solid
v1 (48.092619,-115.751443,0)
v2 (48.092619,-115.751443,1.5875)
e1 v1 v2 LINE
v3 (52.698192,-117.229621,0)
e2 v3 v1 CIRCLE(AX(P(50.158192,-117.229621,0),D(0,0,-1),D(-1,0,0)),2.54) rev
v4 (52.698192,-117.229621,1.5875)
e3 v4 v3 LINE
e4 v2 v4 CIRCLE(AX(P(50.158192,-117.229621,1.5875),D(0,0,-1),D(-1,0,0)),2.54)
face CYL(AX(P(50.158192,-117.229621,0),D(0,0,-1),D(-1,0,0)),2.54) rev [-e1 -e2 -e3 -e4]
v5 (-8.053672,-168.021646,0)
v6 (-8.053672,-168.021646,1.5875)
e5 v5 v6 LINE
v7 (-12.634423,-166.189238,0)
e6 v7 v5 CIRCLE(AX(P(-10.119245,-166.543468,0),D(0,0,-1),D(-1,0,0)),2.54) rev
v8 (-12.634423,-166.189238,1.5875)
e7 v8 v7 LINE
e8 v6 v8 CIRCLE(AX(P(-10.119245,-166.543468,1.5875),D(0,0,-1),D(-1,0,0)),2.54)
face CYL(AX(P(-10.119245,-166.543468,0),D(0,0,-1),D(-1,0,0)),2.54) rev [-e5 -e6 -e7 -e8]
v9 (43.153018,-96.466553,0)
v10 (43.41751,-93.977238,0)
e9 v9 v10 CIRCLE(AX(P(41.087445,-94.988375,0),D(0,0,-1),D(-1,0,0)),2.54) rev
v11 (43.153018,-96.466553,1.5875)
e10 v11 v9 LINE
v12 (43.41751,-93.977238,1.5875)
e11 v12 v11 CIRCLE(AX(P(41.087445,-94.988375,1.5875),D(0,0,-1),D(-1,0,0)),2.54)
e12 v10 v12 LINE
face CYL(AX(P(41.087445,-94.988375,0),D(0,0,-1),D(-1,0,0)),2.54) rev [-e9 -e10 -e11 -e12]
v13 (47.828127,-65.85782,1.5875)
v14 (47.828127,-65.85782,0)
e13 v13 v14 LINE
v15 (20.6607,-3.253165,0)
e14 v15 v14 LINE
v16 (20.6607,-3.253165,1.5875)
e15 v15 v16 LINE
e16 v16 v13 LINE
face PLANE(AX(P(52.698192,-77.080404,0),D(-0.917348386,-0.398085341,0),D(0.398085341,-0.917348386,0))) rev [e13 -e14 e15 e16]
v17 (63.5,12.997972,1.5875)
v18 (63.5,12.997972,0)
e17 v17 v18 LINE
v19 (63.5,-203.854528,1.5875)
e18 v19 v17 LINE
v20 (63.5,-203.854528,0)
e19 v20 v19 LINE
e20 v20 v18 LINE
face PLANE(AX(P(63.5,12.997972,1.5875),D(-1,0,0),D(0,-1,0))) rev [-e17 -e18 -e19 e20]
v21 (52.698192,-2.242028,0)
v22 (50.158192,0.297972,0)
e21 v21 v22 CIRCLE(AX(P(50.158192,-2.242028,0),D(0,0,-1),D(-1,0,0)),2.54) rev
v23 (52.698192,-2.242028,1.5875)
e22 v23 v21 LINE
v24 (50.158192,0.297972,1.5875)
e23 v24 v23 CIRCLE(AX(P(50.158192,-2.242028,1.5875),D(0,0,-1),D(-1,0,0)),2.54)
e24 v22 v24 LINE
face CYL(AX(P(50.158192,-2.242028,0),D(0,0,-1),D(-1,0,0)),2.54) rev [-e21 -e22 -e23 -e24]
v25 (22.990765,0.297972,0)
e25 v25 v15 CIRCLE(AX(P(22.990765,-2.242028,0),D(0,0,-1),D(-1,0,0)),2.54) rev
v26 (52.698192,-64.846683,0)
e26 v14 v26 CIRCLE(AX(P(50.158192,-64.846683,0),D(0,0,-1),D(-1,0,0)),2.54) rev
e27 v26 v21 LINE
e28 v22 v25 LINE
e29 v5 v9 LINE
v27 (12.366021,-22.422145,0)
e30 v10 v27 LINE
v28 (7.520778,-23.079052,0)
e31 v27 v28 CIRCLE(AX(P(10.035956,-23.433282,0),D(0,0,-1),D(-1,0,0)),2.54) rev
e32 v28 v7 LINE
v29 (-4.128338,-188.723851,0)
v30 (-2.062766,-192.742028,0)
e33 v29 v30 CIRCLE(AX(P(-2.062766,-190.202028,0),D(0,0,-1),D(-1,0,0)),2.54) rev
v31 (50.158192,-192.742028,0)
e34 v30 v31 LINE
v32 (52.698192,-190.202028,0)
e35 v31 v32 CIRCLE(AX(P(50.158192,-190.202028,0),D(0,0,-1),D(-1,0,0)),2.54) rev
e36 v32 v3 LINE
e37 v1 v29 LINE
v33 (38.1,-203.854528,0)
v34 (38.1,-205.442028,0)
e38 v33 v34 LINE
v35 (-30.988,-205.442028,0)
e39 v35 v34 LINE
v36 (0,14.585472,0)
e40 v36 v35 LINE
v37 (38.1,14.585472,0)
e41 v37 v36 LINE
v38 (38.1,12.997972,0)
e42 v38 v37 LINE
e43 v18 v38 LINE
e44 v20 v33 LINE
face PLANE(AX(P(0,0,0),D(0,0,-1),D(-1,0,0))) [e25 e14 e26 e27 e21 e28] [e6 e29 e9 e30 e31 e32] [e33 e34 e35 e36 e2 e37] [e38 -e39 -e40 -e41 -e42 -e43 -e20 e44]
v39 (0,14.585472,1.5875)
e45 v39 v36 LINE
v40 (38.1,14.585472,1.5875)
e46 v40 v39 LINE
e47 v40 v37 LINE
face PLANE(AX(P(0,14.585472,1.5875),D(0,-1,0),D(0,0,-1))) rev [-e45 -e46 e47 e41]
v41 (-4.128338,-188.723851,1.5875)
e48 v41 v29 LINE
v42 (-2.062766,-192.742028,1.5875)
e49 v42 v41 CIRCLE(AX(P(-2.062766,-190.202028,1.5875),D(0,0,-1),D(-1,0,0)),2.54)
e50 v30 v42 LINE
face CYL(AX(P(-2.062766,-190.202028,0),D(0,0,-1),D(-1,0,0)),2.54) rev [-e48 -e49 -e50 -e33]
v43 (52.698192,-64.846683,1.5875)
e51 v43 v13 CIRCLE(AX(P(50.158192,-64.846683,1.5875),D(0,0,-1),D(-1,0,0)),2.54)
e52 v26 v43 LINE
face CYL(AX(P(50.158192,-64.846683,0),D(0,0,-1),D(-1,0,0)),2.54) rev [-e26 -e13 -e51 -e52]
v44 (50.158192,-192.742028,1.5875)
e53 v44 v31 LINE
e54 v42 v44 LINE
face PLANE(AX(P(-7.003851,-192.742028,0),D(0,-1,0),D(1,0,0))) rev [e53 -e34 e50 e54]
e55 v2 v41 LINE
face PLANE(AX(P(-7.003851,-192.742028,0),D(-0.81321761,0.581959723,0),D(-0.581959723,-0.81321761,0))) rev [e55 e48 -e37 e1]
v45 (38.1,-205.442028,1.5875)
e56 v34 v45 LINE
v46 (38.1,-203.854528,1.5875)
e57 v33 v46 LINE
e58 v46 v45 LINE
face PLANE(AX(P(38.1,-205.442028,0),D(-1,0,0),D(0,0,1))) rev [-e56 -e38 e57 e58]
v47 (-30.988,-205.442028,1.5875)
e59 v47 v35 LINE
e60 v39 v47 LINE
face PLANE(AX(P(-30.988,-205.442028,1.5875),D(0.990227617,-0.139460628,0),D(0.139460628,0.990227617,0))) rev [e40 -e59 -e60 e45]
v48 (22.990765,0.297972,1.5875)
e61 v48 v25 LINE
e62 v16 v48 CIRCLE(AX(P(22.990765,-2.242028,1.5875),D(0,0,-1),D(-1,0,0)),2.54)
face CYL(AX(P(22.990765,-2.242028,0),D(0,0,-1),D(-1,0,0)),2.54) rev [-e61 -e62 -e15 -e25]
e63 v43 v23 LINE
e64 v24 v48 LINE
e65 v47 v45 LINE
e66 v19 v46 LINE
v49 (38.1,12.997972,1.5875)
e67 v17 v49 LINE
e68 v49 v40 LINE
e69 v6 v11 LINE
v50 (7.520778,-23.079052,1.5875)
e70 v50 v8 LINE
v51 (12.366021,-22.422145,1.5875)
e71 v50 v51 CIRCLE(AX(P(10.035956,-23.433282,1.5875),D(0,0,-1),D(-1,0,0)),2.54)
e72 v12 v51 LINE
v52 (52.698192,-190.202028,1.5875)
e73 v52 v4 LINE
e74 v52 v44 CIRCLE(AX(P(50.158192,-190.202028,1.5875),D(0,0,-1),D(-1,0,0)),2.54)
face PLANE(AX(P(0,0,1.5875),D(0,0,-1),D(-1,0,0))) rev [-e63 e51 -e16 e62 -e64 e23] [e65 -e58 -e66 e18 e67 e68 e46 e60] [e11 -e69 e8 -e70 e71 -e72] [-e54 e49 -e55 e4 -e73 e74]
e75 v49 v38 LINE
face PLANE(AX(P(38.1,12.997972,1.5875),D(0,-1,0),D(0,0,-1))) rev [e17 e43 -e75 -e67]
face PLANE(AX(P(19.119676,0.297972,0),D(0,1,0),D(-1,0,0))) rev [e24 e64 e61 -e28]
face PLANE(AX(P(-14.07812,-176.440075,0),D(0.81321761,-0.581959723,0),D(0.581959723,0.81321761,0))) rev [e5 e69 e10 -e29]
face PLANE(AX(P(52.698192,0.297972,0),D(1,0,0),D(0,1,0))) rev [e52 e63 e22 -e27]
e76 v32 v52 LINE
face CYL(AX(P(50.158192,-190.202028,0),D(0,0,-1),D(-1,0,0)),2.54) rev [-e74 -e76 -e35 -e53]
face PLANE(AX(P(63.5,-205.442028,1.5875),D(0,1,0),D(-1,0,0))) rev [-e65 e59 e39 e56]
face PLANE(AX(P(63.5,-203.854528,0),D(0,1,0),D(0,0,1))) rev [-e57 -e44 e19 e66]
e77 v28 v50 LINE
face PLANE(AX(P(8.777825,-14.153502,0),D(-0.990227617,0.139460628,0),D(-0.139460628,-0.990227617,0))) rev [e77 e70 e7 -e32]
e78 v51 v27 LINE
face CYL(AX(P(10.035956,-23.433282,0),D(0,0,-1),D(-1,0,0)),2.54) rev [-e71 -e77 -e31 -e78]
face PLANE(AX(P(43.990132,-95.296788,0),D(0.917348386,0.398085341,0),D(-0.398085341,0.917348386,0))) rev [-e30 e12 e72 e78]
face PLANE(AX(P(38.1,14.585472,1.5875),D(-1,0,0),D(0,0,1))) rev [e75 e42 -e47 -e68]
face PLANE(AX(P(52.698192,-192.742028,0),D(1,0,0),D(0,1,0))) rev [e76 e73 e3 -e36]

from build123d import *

# Parameters (mm, degrees)
BOSS_EXTRUDE2_DEPTH = 1.5875
CUT_EXTRUDE4_DEPTH  = 216.037664516
FILLET4_R           = 2.54
SKETCH8_W           = 25.4
SKETCH8_H           = 1.5875
CUT_EXTRUDE5_DEPTH  = 216.037664516


with BuildPart() as part:
    # Sketch6 → Boss-Extrude2 (new body)
    with BuildSketch(Plane.XY):
        Polygon((63.5, 12.997971671), (63.5, -205.442028329), (-30.988, -205.442028329), (0, 14.585471671), (38.1, 14.585471671), (38.1, 12.997971671), align=None)
    extrude(amount=BOSS_EXTRUDE2_DEPTH)

    # Sketch7 → Cut-Extrude4 (cut, through all)
    with BuildSketch(Plane.XY.offset(1.5875)):
        Polygon((-14.078119511, -176.440074821), (43.990131885, -95.296788202), (8.777825003, -14.153501583), align=None)
        Polygon((-7.003851095, -192.742028329), (52.698191605, -109.315717977), (52.698191605, -192.742028329), align=None)
        Polygon((52.698191605, -77.080404102), (19.119676028, 0.297971671), (52.698191605, 0.297971671), align=None)
    extrude(amount=-CUT_EXTRUDE4_DEPTH, mode=Mode.SUBTRACT)

    # Fillet4
    fillet4_edges = [part.edges().sort_by_distance(p)[0] for p in [
        (52.698191605, -109.315717977, 0.79375),
        (52.698191605, -192.742028329, 0.79375),
        (-7.003851095, -192.742028329, 0.79375),
        (-14.078119511, -176.440074821, 0.79375),
        (8.777825003, -14.153501583, 0.79375),
        (43.990131885, -95.296788202, 0.79375),
        (52.698191605, 0.297971671, 0.79375),
        (52.698191605, -77.080404102, 0.79375),
        (19.119676028, 0.297971671, 0.79375),
    ]]
    fillet(fillet4_edges, radius=FILLET4_R)

    # Sketch8 → Cut-Extrude5 (cut, through all)
    with BuildSketch(Plane.XY.offset(1.5875)):
        with Locations((50.8, -204.648278329)):
            Rectangle(SKETCH8_W, SKETCH8_H)
    extrude(amount=-CUT_EXTRUDE5_DEPTH, mode=Mode.SUBTRACT)


solid = part.part
